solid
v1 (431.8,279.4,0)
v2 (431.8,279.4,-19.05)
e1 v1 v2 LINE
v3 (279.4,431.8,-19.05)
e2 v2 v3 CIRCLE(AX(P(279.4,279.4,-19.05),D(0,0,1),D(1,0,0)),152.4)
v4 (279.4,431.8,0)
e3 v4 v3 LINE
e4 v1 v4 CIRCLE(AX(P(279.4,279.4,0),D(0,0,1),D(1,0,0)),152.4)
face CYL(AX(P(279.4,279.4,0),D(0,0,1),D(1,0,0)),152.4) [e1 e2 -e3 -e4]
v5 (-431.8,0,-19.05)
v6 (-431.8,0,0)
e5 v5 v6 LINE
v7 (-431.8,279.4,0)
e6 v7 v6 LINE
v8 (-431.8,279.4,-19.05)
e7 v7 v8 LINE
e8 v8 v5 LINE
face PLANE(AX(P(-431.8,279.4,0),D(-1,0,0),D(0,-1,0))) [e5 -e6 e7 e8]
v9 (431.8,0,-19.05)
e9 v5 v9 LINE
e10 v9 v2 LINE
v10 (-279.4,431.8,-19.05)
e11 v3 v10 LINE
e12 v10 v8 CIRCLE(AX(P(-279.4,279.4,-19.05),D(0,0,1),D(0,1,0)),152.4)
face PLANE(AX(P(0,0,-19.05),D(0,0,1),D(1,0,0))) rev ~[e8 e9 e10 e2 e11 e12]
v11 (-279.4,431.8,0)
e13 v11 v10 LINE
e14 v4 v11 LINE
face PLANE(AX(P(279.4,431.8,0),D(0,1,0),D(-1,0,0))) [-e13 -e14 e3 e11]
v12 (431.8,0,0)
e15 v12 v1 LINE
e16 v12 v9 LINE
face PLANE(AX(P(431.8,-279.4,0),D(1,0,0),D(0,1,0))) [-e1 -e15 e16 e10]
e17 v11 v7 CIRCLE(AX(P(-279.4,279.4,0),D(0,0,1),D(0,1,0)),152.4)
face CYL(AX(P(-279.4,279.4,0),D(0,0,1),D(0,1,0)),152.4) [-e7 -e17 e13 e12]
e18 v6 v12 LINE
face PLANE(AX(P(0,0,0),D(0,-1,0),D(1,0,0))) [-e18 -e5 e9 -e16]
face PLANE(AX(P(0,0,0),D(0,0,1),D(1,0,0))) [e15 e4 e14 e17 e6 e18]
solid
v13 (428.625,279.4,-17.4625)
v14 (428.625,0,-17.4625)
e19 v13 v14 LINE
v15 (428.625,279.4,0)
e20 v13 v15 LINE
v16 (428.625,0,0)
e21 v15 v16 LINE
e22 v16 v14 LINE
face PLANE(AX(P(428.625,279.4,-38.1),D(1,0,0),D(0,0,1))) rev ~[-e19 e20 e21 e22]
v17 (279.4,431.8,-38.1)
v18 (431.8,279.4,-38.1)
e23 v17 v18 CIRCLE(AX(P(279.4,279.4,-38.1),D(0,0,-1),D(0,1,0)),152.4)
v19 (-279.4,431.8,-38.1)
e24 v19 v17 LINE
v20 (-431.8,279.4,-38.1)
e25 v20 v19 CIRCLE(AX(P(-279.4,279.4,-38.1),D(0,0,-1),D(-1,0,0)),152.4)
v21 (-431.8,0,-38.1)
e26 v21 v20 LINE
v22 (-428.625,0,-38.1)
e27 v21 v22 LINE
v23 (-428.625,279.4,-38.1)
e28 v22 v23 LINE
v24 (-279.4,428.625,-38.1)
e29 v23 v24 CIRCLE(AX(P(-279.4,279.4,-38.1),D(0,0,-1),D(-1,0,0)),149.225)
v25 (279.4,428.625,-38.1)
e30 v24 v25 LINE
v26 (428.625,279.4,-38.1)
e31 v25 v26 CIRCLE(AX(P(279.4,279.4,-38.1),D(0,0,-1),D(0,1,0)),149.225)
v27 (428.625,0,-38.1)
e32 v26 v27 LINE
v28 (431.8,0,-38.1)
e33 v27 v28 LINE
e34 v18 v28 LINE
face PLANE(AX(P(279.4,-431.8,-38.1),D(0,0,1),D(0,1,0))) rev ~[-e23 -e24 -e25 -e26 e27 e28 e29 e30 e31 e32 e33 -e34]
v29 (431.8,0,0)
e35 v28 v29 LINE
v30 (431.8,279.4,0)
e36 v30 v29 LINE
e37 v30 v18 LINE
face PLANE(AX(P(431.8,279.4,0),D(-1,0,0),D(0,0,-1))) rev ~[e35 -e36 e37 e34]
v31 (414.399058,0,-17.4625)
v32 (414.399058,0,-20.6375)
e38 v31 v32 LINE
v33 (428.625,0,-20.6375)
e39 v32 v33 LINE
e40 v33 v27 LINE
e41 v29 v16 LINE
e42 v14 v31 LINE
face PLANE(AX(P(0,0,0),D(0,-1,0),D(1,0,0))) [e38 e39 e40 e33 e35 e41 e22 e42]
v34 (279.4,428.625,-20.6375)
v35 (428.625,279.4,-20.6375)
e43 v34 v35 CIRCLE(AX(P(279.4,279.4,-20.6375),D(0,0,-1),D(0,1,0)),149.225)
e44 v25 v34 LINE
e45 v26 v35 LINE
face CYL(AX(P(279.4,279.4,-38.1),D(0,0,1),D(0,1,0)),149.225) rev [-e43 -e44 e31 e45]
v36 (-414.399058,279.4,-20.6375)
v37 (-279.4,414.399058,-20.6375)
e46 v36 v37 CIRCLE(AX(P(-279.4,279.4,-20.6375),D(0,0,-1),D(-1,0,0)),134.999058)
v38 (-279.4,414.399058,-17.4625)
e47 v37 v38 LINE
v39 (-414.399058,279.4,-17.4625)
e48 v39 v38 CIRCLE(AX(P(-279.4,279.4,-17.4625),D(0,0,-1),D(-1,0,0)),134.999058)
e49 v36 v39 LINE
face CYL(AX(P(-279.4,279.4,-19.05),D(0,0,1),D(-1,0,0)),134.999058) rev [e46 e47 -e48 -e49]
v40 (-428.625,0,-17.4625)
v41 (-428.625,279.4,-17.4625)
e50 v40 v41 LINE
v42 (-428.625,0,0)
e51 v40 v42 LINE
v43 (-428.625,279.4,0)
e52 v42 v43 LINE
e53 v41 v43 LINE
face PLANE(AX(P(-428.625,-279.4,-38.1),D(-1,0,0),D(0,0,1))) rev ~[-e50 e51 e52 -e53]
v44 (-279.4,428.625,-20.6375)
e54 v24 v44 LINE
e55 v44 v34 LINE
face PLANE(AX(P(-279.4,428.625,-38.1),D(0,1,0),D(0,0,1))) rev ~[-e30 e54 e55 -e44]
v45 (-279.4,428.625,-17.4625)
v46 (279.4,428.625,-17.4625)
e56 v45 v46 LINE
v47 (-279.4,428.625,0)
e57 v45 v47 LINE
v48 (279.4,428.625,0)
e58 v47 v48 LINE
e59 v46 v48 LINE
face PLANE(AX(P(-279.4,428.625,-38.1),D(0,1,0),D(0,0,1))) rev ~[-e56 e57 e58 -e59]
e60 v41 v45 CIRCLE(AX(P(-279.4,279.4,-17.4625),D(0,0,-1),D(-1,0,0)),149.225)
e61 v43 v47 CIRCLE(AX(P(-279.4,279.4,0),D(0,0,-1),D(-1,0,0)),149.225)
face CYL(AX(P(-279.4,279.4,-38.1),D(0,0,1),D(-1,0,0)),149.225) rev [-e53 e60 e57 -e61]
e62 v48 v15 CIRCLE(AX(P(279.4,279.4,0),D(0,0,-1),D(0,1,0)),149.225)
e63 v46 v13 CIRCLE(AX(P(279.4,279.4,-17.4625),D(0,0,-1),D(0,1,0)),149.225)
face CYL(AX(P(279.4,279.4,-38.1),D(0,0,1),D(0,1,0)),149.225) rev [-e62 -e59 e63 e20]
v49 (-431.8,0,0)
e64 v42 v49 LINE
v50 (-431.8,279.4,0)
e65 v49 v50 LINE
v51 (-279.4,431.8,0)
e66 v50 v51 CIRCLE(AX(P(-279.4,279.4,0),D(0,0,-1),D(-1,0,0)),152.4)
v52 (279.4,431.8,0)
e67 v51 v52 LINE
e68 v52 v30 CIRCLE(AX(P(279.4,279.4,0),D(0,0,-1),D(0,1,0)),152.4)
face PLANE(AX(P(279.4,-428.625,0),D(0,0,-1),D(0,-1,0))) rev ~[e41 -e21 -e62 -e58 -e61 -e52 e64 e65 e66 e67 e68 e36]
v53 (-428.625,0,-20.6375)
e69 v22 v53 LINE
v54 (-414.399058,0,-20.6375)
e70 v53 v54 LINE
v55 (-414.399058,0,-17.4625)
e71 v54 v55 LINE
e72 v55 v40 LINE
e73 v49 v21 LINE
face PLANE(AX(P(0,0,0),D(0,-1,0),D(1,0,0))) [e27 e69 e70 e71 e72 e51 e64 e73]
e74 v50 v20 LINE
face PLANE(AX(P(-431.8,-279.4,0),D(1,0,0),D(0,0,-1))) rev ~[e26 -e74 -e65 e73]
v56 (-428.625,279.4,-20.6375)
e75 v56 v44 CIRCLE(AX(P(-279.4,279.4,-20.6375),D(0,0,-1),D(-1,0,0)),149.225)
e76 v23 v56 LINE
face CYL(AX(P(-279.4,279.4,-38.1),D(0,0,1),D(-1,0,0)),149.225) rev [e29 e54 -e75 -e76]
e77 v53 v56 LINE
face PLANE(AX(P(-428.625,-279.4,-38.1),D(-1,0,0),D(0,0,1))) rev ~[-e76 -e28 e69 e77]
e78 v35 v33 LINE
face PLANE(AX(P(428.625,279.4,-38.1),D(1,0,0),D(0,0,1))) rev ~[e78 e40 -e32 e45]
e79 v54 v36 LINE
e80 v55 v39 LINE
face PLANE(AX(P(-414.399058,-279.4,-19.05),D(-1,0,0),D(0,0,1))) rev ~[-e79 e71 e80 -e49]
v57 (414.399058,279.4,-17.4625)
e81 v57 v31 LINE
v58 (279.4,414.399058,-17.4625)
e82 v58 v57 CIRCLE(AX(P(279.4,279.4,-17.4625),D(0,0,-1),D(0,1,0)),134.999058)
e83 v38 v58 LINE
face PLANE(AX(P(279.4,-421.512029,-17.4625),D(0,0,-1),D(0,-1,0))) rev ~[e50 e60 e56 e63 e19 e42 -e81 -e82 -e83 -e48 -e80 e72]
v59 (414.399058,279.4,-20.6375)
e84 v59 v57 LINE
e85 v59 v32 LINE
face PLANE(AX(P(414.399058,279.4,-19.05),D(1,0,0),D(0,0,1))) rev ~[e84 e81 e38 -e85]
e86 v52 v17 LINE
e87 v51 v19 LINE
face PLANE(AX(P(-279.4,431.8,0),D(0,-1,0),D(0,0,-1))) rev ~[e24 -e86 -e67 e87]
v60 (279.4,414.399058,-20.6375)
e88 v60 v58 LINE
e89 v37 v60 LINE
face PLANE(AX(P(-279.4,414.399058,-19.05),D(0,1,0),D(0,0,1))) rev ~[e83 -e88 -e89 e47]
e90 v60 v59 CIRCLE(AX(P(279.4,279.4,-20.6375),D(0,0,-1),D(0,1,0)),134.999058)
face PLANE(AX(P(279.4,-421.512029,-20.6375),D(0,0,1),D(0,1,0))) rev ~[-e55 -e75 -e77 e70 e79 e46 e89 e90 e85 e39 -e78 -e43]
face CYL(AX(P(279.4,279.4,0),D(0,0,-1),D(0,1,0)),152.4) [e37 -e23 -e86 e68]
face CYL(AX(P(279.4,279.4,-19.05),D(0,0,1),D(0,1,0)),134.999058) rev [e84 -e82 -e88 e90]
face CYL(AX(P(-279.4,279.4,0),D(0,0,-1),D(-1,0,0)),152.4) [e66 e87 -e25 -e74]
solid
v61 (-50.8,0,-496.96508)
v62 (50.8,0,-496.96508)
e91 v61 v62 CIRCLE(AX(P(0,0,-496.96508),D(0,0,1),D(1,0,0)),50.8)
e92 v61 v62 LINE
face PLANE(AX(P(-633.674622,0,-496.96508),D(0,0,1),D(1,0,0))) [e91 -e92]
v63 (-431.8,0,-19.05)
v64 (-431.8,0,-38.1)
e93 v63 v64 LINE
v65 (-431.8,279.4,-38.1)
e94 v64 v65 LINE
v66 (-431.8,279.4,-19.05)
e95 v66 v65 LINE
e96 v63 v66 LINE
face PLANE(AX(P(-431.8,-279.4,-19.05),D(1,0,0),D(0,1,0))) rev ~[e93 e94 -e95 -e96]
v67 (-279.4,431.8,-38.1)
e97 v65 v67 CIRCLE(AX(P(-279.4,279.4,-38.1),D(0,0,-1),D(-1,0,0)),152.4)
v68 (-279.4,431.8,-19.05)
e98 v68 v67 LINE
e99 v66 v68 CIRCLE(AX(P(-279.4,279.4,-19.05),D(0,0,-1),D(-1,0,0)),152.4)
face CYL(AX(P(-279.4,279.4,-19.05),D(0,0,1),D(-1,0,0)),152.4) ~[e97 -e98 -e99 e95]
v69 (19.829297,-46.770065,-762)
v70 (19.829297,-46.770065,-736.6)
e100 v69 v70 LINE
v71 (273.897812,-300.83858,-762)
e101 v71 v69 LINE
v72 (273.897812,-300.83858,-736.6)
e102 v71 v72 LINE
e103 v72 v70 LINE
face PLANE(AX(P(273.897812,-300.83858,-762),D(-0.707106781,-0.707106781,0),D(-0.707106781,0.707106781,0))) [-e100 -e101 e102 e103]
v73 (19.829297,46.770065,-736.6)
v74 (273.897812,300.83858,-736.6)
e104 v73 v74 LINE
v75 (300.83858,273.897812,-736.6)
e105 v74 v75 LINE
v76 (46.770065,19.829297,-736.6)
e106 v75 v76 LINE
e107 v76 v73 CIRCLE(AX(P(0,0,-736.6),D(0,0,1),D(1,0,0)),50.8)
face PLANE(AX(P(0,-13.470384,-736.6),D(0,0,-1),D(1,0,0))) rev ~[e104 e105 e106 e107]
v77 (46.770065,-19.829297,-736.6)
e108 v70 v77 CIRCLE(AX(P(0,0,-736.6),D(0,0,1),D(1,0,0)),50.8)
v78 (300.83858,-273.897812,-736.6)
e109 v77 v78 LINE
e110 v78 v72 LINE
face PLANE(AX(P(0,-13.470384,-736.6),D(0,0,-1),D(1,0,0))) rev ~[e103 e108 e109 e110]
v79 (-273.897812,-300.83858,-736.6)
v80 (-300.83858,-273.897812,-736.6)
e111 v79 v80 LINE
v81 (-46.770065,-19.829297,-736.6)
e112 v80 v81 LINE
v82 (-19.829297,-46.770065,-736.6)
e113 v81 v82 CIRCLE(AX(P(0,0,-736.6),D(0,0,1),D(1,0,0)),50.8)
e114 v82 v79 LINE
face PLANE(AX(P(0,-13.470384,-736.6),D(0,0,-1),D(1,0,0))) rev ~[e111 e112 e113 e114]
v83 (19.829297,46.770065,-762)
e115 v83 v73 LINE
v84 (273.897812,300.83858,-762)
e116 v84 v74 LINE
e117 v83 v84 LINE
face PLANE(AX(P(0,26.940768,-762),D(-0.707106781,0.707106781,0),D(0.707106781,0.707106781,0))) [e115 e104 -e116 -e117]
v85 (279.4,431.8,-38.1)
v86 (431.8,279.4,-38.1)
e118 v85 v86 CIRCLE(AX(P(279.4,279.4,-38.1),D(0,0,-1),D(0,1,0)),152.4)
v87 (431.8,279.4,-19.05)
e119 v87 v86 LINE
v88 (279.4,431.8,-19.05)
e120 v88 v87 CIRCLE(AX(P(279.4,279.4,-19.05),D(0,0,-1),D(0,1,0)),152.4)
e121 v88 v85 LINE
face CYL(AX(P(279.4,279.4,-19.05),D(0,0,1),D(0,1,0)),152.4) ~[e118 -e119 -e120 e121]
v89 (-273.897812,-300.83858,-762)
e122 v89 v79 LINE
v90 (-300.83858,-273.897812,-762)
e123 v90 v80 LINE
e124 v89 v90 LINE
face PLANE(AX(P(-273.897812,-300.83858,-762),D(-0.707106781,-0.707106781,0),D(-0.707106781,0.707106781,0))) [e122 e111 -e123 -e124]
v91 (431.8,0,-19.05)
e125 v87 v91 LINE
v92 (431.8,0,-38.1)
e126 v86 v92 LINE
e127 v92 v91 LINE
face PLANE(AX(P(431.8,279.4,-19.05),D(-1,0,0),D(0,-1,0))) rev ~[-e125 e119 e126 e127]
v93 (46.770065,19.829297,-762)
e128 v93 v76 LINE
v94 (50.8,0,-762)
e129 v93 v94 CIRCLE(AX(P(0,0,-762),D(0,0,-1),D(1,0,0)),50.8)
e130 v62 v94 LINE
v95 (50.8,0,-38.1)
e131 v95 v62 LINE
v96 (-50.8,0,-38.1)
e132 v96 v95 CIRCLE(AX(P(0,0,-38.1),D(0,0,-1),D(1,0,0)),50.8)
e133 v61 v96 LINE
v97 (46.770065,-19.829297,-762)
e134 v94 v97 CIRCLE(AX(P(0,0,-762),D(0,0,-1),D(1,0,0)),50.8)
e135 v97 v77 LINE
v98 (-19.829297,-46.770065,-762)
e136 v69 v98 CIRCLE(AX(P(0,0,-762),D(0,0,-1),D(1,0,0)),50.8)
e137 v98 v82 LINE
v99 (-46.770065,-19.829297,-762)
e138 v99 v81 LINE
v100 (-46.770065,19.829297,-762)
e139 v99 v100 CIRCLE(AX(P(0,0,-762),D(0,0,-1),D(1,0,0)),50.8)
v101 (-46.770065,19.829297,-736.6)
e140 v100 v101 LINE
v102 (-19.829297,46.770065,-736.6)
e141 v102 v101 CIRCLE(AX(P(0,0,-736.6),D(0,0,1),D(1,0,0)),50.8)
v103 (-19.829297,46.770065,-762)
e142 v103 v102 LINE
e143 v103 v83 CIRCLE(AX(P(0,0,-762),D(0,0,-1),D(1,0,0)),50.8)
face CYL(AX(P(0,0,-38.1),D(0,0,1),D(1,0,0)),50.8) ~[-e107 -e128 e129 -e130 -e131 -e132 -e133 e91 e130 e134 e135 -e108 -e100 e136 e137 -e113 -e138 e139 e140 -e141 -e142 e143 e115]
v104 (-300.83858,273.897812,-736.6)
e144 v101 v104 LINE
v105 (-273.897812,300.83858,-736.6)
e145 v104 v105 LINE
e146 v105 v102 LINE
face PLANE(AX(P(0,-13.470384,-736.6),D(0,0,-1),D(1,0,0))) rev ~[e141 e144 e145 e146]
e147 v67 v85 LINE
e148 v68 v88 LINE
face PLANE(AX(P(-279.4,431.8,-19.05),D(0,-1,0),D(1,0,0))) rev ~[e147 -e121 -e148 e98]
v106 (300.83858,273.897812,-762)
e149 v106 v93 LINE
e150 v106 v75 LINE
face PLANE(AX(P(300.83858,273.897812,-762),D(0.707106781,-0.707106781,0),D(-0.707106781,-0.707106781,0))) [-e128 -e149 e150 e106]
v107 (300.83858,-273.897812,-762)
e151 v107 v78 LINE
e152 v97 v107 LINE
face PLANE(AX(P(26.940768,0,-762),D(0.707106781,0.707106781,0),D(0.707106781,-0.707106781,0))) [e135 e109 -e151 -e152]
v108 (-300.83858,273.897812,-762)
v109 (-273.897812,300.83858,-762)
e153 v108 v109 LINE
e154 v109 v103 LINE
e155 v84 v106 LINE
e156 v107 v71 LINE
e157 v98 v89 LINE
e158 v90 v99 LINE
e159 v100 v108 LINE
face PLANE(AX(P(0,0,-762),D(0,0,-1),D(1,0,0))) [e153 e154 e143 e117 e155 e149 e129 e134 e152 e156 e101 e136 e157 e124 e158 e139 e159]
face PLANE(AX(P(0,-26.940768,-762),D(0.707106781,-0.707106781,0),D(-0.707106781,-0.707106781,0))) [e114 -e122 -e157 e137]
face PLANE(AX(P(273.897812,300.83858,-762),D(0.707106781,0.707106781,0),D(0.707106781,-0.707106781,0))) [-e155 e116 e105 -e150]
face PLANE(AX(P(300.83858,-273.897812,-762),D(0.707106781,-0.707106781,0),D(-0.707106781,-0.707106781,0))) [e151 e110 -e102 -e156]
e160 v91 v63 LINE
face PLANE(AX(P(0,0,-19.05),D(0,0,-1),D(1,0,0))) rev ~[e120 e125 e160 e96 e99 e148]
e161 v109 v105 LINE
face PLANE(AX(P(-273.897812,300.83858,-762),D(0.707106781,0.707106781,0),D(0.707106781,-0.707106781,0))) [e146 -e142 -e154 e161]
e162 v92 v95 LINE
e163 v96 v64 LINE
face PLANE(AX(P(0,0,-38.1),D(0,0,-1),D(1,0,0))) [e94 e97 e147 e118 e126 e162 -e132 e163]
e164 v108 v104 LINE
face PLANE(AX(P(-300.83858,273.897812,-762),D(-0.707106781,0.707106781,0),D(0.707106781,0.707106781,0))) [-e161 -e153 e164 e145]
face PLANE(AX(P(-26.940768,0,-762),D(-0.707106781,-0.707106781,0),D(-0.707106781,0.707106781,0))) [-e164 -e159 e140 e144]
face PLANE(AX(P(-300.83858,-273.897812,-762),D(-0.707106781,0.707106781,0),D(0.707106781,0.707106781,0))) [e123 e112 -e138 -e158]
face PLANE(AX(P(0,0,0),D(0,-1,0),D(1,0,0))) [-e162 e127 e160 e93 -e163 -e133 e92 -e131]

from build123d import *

# Parameters (mm, degrees)
F1_DEPTH  = 19.05
F3_DEPTH  = 19.05
F4_W      = 14.2259423733
F4_H      = 3.175
F6_R      = 50.8
F7_DEPTH  = 723.9
F9_DEPTH  = 25.4
F10_W     = 1267.3492431641
F10_H     = 993.9301609993
F11_DEPTH = 914.4


with BuildPart() as f1:
    # F0 (on Top) → F1 (new body)
    with BuildSketch(Plane.XY):
        with BuildLine():
            Line((279.4, 431.8), (-279.4, 431.8))
            ThreePointArc((-279.4, 431.8), (-387.1630734528, 387.1630734528), (-431.8, 279.4))
            Line((-431.8, 279.4), (-431.8, -279.4))
            ThreePointArc((-431.8, -279.4), (-387.1630734528, -387.1630734528), (-279.4, -431.8))
            Line((-279.4, -431.8), (279.4, -431.8))
            ThreePointArc((279.4, -431.8), (387.1630734528, -387.1630734528), (431.8, -279.4))
            Line((431.8, -279.4), (431.8, 279.4))
            ThreePointArc((431.8, 279.4), (387.1630734528, 387.1630734528), (279.4, 431.8))
        make_face()
    extrude(amount=-F1_DEPTH)


with BuildPart() as f3:
    # F2 (on face) → F3 (new body)
    with BuildSketch(Plane(origin=(0, 0, -19.05), x_dir=(1, 0, 0), z_dir=(0, 0, -1))):
        with BuildLine():
            ThreePointArc((-279.4, 431.8), (-387.1630734528, 387.1630734528), (-431.8, 279.4))
            Line((-431.8, 279.4), (-431.8, -279.4))
            ThreePointArc((-431.8, -279.4), (-387.1630734528, -387.1630734528), (-279.4, -431.8))
            Line((-279.4, -431.8), (279.4, -431.8))
            ThreePointArc((279.4, -431.8), (387.1630734528, -387.1630734528), (431.8, -279.4))
            Line((431.8, -279.4), (431.8, 279.4))
            ThreePointArc((431.8, 279.4), (387.1630734528, 387.1630734528), (279.4, 431.8))
            Line((279.4, 431.8), (-279.4, 431.8))
        make_face()
    extrude(amount=F3_DEPTH)

    # F6 (on face) → F7 (join)
    with BuildSketch(Plane(origin=(0, 0, -38.1), x_dir=(1, 0, 0), z_dir=(0, 0, -1))):
        Circle(F6_R)
    extrude(amount=F7_DEPTH)

    # F8 (on face) → F9 (join)
    with BuildSketch(Plane(origin=(0, 0, -762), x_dir=(1, 0, 0), z_dir=(0, 0, -1))):
        Polygon((0, 0), (13.4703841816, 13.4703841816), (0, 26.9407683632), (-13.4703841816, 13.4703841816), align=None)
        Polygon((26.9407683632, 0), (13.4703841816, 13.4703841816), (0, 0), (13.4703841816, -13.4703841816), align=None)
        Polygon((0, 26.9407683632), (13.4703841816, 13.4703841816), (26.9407683632, 0), (300.8385800558, 273.8978116926), (273.8978116926, 300.8385800558), align=None)
        Polygon((-13.4703841816, 13.4703841816), (0, 26.9407683632), (-273.8978116926, 300.8385800558), (-300.8385800558, 273.8978116926), (-26.9407683632, 0), align=None)
        Polygon((13.4703841816, -13.4703841816), (0, 0), (-13.4703841816, -13.4703841816), (0, -26.9407683632), align=None)
        Polygon((-13.4703841816, -13.4703841816), (0, 0), (-13.4703841816, 13.4703841816), (-26.9407683632, 0), align=None)
        Polygon((300.8385800558, -273.8978116926), (26.9407683632, 0), (13.4703841816, -13.4703841816), (0, -26.9407683632), (273.8978116926, -300.8385800558), align=None)
        Polygon((0, -26.9407683632), (-13.4703841816, -13.4703841816), (-26.9407683632, 0), (-300.8385800558, -273.8978116926), (-273.8978116926, -300.8385800558), align=None)
    extrude(amount=-F9_DEPTH)


with BuildPart() as f5:
    # F5: sweep along a path in F5_path
    with BuildLine(Plane(origin=(279.4, -431.8, -19.05), x_dir=(0, -1, 0), z_dir=(0, 0, -1))) as f5_path:
        Line((0, 0), (0, 558.8))
        ThreePointArc((0, 558.8), (-44.6369265472, 666.5630734528), (-152.4, 711.2))
        Line((-152.4, 711.2), (-711.2, 711.2))
        ThreePointArc((-711.2, 711.2), (-818.9630734528, 666.5630734528), (-863.6, 558.8))
        Line((-863.6, 558.8), (-863.6, 0))
        ThreePointArc((-863.6, 0), (-818.9630734528, -107.7630734528), (-711.2, -152.4))
        Line((-711.2, -152.4), (-152.4, -152.4))
        ThreePointArc((-152.4, -152.4), (-44.6369265472, -107.7630734528), (0, 0))
    # F4 (on Front) → F5 (sweep)
    with BuildSketch(Plane.XZ):
        Polygon((-428.625, -17.4625), (-428.625, 0), (-431.8, 0), (-431.8, -19.05), (-431.8, -38.1), (-428.625, -38.1), (-428.625, -20.6375), align=None)
        with Locations((-421.5120288134, -19.05)):
            Rectangle(F4_W, F4_H)
    sweep(path=f5_path.line)


with BuildPart() as f11_tool:
    # F10 (on Front) → F11 (new body)
    with BuildSketch(Plane.XZ):
        Rectangle(F10_W, F10_H)
    extrude(amount=F11_DEPTH)


with BuildPart() as f1_1:
    add(f1.part)

    # F11: cut by f11_tool
    add(f11_tool.part, mode=Mode.SUBTRACT)


with BuildPart() as f3_1:
    add(f3.part)

    # F11: cut by f11_tool
    add(f11_tool.part, mode=Mode.SUBTRACT)


with BuildPart() as f5_1:
    add(f5.part)

    # F11: cut by f11_tool
    add(f11_tool.part, mode=Mode.SUBTRACT)


solid = Compound([f1_1.part, f3_1.part, f5_1.part])
